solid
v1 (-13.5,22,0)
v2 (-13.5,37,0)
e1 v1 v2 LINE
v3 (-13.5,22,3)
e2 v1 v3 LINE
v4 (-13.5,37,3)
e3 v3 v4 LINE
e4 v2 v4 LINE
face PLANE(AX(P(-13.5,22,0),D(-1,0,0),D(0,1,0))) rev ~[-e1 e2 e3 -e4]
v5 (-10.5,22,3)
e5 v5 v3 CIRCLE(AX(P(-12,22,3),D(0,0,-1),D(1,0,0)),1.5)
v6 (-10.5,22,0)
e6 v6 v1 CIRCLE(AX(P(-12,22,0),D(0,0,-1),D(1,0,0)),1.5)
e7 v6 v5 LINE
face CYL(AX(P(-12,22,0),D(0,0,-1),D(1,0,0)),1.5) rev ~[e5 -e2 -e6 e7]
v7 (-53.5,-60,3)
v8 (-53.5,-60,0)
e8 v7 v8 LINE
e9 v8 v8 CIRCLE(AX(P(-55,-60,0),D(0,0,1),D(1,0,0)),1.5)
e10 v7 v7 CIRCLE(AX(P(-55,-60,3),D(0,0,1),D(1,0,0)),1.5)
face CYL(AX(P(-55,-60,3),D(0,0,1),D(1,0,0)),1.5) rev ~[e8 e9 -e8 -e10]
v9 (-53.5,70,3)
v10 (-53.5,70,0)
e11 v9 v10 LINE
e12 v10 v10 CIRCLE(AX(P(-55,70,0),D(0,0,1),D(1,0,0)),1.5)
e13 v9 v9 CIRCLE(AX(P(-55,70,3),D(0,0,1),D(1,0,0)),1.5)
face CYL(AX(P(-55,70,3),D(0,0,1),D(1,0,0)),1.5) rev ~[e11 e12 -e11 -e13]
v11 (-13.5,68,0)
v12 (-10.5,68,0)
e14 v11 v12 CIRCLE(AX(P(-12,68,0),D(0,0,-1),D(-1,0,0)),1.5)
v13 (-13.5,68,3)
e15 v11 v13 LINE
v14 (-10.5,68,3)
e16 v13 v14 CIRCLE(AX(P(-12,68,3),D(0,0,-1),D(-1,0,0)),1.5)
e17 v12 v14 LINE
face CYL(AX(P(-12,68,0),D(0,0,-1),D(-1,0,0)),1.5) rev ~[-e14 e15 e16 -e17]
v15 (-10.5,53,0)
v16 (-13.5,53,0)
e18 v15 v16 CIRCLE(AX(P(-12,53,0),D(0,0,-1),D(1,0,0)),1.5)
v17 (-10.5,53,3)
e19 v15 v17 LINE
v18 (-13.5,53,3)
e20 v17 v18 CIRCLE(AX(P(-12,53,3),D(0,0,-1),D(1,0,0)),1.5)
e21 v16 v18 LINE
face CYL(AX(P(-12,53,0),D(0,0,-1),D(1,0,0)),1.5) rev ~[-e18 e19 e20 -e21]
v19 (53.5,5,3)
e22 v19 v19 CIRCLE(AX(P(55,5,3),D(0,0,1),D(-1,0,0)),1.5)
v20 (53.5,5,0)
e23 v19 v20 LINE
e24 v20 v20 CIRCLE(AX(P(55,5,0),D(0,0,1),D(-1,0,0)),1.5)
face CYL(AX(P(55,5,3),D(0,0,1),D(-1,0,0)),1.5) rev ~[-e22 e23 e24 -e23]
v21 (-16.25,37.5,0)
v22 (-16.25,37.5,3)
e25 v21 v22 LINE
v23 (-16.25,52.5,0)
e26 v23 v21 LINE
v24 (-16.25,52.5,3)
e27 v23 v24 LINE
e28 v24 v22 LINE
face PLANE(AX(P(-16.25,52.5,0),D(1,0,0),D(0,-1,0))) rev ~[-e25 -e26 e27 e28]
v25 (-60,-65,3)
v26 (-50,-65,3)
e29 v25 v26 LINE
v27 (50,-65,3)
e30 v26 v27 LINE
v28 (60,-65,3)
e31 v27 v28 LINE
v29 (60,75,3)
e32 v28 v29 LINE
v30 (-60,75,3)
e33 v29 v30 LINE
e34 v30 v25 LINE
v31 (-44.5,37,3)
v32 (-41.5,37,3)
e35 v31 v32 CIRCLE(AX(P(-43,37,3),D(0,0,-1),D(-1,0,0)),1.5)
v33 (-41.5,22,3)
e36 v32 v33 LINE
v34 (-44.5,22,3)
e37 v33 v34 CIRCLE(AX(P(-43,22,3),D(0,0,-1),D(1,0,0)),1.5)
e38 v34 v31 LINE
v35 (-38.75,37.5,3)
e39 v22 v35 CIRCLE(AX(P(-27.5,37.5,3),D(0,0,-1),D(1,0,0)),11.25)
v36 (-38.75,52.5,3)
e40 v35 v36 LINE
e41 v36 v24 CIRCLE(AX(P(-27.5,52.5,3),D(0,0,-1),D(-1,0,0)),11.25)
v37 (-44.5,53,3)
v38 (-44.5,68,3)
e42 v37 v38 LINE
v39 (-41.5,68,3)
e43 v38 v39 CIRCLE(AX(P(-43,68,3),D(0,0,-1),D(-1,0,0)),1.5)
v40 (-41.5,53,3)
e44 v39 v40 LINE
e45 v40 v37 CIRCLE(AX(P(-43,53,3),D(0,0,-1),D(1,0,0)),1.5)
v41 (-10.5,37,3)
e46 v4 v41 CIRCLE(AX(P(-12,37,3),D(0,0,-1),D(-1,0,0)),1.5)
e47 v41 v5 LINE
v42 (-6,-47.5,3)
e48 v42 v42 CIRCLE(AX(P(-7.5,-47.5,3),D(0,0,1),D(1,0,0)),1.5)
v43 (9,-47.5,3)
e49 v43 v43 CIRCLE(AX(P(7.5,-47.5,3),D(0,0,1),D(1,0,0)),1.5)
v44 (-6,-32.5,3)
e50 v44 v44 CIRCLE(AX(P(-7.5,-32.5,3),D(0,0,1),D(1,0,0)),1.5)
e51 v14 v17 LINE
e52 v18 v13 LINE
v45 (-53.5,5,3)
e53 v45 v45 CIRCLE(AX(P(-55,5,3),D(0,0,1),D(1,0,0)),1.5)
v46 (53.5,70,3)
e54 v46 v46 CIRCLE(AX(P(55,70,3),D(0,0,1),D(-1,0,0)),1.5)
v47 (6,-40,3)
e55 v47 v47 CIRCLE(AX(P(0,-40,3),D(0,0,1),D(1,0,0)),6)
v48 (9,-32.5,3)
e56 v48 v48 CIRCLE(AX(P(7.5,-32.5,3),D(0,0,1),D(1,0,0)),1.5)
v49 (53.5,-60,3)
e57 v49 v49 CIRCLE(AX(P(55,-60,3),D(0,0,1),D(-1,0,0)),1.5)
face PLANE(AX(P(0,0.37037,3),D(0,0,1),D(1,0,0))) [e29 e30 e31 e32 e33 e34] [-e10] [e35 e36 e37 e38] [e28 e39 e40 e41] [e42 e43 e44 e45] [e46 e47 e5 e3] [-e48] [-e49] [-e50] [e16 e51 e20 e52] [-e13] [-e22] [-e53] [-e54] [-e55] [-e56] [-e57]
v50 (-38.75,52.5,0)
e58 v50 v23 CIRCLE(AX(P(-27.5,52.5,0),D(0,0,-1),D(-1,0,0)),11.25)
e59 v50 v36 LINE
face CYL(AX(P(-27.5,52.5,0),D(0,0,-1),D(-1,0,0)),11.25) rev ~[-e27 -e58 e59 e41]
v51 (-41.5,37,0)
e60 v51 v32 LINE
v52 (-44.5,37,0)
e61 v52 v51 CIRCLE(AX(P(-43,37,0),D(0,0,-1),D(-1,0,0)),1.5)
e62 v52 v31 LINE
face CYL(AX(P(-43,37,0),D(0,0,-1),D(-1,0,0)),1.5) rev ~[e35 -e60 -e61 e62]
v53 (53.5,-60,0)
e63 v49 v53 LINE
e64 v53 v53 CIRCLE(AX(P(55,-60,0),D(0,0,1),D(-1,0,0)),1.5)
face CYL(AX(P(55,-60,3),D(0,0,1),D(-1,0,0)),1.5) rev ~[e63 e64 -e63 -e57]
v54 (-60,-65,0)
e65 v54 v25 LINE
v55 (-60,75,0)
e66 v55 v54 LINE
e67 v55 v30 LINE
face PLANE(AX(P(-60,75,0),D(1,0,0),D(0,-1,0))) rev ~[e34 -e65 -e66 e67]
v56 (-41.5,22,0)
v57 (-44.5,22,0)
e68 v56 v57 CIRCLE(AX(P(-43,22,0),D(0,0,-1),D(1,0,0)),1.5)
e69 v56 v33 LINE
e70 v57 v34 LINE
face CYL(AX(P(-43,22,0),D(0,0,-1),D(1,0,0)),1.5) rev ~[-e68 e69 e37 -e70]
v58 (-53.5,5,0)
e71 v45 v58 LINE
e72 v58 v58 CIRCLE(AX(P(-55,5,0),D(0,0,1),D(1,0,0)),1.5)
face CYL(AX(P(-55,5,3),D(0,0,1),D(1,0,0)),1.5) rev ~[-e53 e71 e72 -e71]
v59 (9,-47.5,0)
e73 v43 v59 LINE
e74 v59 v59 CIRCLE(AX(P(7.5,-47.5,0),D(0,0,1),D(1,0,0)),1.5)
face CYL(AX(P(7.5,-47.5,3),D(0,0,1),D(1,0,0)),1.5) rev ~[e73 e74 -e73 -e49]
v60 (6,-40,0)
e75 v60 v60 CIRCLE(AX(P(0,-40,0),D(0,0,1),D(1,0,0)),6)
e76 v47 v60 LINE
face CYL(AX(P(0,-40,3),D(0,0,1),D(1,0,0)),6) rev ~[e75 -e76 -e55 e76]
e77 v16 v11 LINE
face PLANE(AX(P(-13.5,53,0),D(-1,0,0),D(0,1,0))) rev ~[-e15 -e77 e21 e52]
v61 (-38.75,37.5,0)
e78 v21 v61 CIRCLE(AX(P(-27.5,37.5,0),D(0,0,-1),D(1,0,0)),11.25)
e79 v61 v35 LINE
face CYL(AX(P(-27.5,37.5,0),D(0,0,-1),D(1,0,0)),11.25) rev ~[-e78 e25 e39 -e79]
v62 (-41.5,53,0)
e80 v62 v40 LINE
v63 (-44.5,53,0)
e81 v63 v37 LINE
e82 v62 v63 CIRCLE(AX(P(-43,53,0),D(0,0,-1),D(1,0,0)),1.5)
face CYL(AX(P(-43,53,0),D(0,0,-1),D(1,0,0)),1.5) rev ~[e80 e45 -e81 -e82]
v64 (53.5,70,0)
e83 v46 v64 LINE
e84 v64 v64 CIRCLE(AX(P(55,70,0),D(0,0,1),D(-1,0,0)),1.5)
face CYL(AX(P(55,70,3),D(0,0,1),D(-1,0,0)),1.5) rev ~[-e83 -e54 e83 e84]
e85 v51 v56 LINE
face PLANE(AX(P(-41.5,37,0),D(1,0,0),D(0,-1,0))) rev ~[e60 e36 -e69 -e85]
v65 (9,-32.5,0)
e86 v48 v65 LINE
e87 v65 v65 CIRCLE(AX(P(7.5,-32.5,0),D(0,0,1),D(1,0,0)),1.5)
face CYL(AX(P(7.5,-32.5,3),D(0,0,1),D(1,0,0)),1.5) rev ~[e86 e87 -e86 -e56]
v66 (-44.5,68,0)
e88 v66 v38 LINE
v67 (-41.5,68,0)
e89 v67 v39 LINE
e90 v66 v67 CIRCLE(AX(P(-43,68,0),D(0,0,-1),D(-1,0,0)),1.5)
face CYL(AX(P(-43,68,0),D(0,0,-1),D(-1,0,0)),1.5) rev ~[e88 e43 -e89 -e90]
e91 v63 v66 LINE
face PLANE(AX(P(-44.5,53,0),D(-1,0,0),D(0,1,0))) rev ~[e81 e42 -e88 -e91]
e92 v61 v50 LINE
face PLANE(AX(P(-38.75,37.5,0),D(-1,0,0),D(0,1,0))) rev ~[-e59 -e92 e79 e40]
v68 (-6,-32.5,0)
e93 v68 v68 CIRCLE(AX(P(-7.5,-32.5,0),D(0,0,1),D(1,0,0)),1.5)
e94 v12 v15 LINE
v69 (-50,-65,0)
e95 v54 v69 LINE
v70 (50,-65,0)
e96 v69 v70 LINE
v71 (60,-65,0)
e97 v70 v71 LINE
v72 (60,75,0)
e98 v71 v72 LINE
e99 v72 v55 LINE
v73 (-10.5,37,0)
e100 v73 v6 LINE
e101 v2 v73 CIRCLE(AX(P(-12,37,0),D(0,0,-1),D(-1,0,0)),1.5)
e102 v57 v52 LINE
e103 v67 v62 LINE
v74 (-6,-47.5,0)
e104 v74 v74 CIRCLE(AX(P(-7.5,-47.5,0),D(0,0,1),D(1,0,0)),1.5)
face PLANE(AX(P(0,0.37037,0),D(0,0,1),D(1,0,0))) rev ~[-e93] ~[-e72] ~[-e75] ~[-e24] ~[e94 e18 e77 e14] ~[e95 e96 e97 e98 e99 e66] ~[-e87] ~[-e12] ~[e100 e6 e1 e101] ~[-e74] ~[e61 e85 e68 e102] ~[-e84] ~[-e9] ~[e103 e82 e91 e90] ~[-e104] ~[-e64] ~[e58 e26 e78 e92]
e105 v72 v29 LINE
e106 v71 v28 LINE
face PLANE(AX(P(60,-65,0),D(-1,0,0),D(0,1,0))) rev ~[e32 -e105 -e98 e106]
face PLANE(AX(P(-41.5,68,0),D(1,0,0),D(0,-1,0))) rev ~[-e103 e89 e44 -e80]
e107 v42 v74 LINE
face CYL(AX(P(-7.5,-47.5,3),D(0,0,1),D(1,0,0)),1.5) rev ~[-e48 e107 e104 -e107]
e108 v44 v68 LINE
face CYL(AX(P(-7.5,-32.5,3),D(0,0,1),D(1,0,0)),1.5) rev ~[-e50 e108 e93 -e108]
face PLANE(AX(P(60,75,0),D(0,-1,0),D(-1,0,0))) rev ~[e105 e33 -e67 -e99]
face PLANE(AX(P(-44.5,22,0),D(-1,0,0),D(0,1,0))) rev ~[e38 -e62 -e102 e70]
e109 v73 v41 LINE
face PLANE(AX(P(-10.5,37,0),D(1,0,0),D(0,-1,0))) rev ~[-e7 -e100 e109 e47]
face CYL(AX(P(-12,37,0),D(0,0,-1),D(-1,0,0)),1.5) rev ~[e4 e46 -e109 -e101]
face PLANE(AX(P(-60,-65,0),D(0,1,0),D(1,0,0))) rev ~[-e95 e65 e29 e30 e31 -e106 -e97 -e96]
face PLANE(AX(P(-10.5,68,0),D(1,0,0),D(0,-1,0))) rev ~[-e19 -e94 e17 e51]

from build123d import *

# Parameters (mm, degrees)
BOSS_EXTRU_1_DEPTH      = 3
ESQUISSE2_R             = 1.5
ENL_V_MAT_EXTRU_2_DEPTH = 3
ESQUISSE3_R             = 6
ESQUISSE3_R_2           = 1.5
ENL_V_MAT_EXTRU_3_DEPTH = 10
ESQUISSE4_W             = 100
ESQUISSE4_H             = 11.457187309
ENL_V_MAT_EXTRU_4_DEPTH = 10


with BuildPart() as part:
    # Esquisse1 → Boss.-Extru.1 (new body)
    with BuildSketch(Plane.XY):
        Polygon((-50, -75), (50, -75), (50, -65), (60, -65), (60, 75), (-60, 75), (-60, -65), (-50, -65), align=None)
        with BuildLine():
            ThreePointArc((-41.5, 22), (-43, 20.5), (-44.5, 22))
            Line((-44.5, 22), (-44.5, 37))
            ThreePointArc((-44.5, 37), (-43, 38.5), (-41.5, 37))
            Line((-41.5, 37), (-41.5, 22))
        make_face(mode=Mode.SUBTRACT)
        with BuildLine():
            Line((-10.5, 37), (-10.5, 22))
            ThreePointArc((-10.5, 22), (-12, 20.5), (-13.5, 22))
            Line((-13.5, 22), (-13.5, 37))
            ThreePointArc((-13.5, 37), (-12, 38.5), (-10.5, 37))
        make_face(mode=Mode.SUBTRACT)
        with BuildLine():
            ThreePointArc((-41.5, 53), (-43, 51.5), (-44.5, 53))
            Line((-44.5, 53), (-44.5, 68))
            ThreePointArc((-44.5, 68), (-43, 69.5), (-41.5, 68))
            Line((-41.5, 68), (-41.5, 53))
        make_face(mode=Mode.SUBTRACT)
        with BuildLine():
            ThreePointArc((-16.25, 37.5), (-27.5, 26.25), (-38.75, 37.5))
            Line((-38.75, 37.5), (-38.75, 52.5))
            ThreePointArc((-38.75, 52.5), (-27.5, 63.75), (-16.25, 52.5))
            Line((-16.25, 52.5), (-16.25, 37.5))
        make_face(mode=Mode.SUBTRACT)
        with BuildLine():
            Line((-10.5, 68), (-10.5, 53))
            ThreePointArc((-10.5, 53), (-12, 51.5), (-13.5, 53))
            Line((-13.5, 53), (-13.5, 68))
            ThreePointArc((-13.5, 68), (-12, 69.5), (-10.5, 68))
        make_face(mode=Mode.SUBTRACT)
    extrude(amount=BOSS_EXTRU_1_DEPTH)

    # Esquisse2 → Enlèv. mat.-Extru.2 (cut)
    with BuildSketch(Plane.XY.offset(3)):
        with Locations((45, -70)):
            Circle(ESQUISSE2_R)
        with Locations((-55, -60)):
            Circle(ESQUISSE2_R)
        with Locations((-55, 5)):
            Circle(ESQUISSE2_R)
        with Locations((-55, 70)):
            Circle(ESQUISSE2_R)
        with Locations((22.5, -70)):
            Circle(ESQUISSE2_R)
        with Locations((0, -70)):
            Circle(ESQUISSE2_R)
        with Locations((-22.5, -70)):
            Circle(ESQUISSE2_R)
        with Locations((-45, -70)):
            Circle(ESQUISSE2_R)
        with Locations(Location((55, -60, 0), (0, 0, 180))):
            Circle(ESQUISSE2_R)
        with Locations(Location((55, 5, 0), (0, 0, 180))):
            Circle(ESQUISSE2_R)
        with Locations(Location((55, 70, 0), (0, 0, 180))):
            Circle(ESQUISSE2_R)
    extrude(amount=-ENL_V_MAT_EXTRU_2_DEPTH, mode=Mode.SUBTRACT)

    # Esquisse3 → Enlèv. mat.-Extru.3 (cut)
    with BuildSketch(Plane.XY.offset(3)):
        with Locations((0, -40)):
            Circle(ESQUISSE3_R)
        with Locations((-7.5, -32.5)):
            Circle(ESQUISSE3_R_2)
        with Locations((7.5, -32.5)):
            Circle(ESQUISSE3_R_2)
        with Locations((7.5, -47.5)):
            Circle(ESQUISSE3_R_2)
        with Locations((-7.5, -47.5)):
            Circle(ESQUISSE3_R_2)
    extrude(amount=-ENL_V_MAT_EXTRU_3_DEPTH, mode=Mode.SUBTRACT)

    # Esquisse4 → Enlèv. mat.-Extru.4 (cut)
    with BuildSketch(Plane.XY.offset(3)):
        with Locations((0, -70.728593655)):
            Rectangle(ESQUISSE4_W, ESQUISSE4_H)
    extrude(amount=-ENL_V_MAT_EXTRU_4_DEPTH, mode=Mode.SUBTRACT)


solid = part.part
